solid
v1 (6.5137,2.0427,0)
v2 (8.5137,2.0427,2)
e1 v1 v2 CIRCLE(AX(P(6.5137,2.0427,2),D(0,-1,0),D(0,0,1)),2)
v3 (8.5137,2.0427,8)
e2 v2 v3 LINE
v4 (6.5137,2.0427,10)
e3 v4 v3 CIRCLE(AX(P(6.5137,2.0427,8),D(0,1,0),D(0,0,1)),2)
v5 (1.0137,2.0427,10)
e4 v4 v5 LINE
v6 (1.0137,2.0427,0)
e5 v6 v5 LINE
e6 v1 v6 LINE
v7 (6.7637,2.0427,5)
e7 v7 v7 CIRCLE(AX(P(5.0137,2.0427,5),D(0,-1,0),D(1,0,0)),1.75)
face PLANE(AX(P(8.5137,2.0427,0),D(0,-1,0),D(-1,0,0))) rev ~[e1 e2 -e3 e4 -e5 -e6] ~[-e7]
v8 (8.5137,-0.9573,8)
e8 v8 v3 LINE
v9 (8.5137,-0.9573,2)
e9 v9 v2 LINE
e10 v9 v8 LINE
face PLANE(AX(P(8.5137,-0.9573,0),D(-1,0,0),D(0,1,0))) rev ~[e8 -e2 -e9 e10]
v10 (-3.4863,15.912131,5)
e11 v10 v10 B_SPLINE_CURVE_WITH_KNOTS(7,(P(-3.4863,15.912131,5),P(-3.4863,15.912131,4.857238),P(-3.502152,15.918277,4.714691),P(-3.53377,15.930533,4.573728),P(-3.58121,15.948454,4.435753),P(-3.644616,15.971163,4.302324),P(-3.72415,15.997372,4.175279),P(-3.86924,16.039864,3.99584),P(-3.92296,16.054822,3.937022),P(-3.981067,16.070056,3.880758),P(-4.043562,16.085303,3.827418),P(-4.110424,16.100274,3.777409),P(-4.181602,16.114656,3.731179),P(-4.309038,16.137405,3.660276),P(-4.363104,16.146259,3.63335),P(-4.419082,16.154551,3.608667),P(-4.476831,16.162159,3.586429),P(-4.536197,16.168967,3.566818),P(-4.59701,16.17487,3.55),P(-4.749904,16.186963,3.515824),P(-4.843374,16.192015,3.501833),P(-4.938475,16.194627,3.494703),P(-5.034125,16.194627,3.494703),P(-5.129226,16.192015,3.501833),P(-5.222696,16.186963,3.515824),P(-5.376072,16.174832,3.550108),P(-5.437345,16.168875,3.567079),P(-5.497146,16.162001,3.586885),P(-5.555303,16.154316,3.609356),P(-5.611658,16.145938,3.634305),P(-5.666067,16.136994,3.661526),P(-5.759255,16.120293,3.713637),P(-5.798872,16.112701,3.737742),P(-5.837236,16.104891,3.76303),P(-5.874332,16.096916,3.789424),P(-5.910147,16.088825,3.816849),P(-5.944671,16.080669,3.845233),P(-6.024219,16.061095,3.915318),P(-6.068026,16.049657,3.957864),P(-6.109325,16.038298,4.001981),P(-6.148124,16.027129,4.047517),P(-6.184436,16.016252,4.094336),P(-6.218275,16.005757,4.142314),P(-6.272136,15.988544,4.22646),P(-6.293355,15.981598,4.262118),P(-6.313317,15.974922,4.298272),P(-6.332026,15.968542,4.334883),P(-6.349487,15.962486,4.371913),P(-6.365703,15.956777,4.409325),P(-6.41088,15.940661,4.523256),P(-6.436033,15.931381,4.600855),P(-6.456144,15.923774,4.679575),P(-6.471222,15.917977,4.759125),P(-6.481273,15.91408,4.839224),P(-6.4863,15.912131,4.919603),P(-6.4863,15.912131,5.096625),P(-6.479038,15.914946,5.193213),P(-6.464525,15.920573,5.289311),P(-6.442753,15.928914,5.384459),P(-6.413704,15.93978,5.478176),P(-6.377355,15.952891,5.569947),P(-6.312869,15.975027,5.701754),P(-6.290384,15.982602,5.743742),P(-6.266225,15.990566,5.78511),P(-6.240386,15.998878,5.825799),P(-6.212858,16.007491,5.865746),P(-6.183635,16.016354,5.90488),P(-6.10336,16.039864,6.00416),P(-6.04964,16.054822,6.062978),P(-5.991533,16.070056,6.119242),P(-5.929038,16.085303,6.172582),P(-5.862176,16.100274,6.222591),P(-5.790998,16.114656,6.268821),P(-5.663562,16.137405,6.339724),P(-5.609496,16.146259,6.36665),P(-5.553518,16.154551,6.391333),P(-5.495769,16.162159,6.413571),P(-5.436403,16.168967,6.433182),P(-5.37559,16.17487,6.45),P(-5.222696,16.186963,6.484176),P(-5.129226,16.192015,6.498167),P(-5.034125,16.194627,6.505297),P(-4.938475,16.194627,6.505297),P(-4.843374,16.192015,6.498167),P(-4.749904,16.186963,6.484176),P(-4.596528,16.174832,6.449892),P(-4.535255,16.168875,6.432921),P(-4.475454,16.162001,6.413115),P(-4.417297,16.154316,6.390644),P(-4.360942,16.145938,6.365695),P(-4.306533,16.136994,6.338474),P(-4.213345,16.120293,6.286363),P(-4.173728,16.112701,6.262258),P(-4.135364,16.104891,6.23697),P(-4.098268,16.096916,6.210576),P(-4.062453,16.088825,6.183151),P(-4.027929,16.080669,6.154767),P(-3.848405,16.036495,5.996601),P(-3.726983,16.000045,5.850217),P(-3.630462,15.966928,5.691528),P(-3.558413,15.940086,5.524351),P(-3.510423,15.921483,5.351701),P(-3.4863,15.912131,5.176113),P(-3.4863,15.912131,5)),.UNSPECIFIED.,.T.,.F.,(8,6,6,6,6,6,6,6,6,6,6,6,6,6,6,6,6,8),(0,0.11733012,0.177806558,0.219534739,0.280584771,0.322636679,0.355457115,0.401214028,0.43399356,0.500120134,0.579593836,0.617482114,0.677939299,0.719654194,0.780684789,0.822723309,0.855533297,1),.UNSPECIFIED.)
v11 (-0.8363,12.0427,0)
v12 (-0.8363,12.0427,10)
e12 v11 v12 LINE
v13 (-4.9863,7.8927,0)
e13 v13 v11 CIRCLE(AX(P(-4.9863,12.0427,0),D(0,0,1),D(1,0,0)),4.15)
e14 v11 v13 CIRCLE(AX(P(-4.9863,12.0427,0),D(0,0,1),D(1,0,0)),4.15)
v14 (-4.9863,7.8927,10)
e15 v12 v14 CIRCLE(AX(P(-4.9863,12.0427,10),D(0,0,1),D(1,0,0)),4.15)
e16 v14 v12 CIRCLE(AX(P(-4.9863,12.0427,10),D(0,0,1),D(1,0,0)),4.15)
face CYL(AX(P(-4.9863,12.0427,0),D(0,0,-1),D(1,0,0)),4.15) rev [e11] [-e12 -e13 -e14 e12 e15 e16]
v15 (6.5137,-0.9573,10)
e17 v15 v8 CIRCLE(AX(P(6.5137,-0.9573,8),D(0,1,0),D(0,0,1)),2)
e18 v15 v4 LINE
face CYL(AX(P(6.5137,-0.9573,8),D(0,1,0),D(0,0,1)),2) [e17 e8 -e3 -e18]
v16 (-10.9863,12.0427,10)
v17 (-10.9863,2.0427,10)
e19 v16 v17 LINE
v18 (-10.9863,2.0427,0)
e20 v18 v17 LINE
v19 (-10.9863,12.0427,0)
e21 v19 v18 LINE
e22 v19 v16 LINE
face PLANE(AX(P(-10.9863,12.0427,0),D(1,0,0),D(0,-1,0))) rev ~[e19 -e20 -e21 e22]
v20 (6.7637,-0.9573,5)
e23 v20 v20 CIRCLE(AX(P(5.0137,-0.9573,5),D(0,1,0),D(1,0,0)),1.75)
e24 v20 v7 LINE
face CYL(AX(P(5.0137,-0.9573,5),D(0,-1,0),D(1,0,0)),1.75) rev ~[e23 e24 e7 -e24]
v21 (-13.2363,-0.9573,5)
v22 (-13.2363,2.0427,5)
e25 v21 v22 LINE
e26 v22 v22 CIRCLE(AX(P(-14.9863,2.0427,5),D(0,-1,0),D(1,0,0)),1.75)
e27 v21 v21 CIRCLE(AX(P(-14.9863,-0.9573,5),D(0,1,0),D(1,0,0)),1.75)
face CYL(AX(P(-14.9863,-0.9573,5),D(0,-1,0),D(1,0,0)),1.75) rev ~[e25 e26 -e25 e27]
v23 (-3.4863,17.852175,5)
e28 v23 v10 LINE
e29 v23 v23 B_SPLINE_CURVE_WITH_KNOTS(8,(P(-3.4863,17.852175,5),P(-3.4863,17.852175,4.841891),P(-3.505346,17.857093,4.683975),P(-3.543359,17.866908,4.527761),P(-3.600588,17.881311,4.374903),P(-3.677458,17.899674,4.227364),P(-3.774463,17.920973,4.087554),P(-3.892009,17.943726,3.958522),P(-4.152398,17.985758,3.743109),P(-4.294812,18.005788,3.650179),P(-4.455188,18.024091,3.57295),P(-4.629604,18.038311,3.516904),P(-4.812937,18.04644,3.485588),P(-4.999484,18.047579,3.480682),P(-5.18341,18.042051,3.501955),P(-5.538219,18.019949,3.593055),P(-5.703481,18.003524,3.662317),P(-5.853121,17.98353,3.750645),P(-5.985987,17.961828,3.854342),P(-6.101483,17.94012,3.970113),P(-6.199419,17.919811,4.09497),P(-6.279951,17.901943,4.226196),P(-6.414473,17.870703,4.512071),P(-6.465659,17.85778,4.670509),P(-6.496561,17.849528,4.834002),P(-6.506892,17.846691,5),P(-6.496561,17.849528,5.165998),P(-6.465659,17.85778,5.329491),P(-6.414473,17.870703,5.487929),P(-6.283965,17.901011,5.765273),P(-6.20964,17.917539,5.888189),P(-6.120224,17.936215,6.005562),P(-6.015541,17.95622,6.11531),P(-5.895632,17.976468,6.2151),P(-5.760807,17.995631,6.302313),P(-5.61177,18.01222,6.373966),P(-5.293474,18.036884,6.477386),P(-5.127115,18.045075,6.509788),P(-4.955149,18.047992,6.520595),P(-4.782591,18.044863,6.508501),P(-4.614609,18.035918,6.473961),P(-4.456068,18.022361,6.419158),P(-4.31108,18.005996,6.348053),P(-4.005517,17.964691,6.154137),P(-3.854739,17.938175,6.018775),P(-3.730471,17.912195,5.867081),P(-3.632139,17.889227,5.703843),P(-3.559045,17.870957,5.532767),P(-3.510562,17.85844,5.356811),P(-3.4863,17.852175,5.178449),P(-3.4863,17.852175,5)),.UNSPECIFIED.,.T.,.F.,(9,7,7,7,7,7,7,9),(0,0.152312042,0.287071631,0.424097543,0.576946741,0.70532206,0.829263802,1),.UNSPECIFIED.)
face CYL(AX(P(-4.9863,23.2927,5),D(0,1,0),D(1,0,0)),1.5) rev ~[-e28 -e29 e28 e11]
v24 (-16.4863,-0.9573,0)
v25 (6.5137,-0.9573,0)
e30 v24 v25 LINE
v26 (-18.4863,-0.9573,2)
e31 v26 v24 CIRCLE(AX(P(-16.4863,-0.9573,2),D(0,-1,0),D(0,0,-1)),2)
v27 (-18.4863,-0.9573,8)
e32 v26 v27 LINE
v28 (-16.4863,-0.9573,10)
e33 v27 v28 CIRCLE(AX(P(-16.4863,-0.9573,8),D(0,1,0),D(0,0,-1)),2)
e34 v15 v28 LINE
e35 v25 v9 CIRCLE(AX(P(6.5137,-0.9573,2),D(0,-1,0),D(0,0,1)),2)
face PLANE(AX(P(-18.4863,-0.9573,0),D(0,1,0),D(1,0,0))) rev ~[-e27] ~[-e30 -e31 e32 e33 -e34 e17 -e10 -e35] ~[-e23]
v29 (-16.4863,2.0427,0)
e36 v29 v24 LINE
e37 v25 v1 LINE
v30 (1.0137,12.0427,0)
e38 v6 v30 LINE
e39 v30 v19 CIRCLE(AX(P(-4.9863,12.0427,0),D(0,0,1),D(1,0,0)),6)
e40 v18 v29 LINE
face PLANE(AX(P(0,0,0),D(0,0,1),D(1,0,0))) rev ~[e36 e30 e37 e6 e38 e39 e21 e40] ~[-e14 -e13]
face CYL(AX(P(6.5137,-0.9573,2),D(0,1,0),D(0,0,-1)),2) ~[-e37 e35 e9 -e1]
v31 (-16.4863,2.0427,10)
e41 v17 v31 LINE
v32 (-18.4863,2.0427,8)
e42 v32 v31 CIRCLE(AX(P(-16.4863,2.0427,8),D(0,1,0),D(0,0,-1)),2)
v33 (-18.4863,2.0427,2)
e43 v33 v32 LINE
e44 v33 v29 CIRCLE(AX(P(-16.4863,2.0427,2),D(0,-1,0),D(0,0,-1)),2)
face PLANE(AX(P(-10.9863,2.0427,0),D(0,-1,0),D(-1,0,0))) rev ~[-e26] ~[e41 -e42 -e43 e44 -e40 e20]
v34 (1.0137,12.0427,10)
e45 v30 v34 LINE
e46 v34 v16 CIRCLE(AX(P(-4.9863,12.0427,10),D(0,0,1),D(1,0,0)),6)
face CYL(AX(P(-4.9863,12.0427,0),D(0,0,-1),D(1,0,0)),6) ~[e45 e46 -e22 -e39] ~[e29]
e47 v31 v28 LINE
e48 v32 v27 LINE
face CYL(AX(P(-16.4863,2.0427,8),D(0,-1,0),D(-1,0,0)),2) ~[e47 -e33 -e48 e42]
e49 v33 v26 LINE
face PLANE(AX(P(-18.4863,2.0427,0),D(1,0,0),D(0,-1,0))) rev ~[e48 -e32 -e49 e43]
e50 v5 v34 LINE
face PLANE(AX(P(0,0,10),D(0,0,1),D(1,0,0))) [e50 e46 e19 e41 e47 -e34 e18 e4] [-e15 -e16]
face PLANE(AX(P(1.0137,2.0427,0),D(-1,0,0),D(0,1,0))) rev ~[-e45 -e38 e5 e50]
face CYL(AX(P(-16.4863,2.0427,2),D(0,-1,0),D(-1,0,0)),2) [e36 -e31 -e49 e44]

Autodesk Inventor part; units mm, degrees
ref_plane "YZ Plane" through (0, 0, 0) normal (1, 0, 0) x (0, 1, 0)
ref_plane "XZ Plane" through (0, 0, 0) normal (0, 1, 0) x (-1, 0, 0)
sketch "Sketch1" plane through (0, 0, 0) normal (0, 0, 1) x (1, 0, 0)
  line L0 (-18.4863, -0.9573) -> (8.5137, -0.9573)
  line L1 (8.5137, -0.9573) -> (8.5137, 2.0427)
  line L2 (8.5137, 2.0427) -> (-18.4863, 2.0427)
  line L3 (-18.4863, 2.0427) -> (-18.4863, -0.9573)
  circle A0 centre (-4.9863, 12.0427) radius 4.15
  line L4 (-4.9863, 2.0427) -> (-4.9863, 12.0427)
  line L5 (-4.9863, 12.0427) -> (-4.9863, 2.0427) construction
  line L6 (-10.9863, 12.0427) -> (-10.9863, 2.0427)
  line L7 (1.0137, 2.0427) -> (1.0137, 12.0427)
  arc A1 (1.0137, 12.0427) -> (-10.9863, 12.0427) centre (-4.9863, 12.0427) ccw
  arc A2 (-10.9863, 2.0427) -> (1.0137, 2.0427) centre (-4.9863, 2.0427) ccw
  point P0 (0, 0)
  point P1 (-4.9863, 7.0427)
  point P2 (-10.9863, 2.0427)
  dimension "d0" = 3
  dimension "d1" = 27
  dimension "d2" = 8.3
  dimension "d3" = 6
  dimension "d4" = 10
extrude "Extrusion1" add sketch "Sketch1" along normal blind 10 contours L3 L2 A2 L0 | A2 L2 L0 | A2 L2 L1 L0 | L6 A1 L7 L2
sketch "Sketch2" plane through (-18.4863, -0.9573, 0) normal (0, -1, 0) x (1, 0, 0)
  line L0 (0, 0) -> (0, 10) projected
  line L1 (0, 5) -> (27, 5)
  line L2 (27, 0) -> (27, 10) projected
  circle A0 centre (3.5, 5) radius 1.75
  line L3 (19.5, 0) -> (7.5, 0) projected
  line L4 (13.5, 0) -> (13.5, -6.2833)
  circle A1 centre (23.5, 5) radius 1.75
  point P0 (18.4863, 0)
  dimension "d7" = 3.5
  dimension "d8" = 20
extrude "Extrusion2" cut sketch "Sketch2" against normal up to surface (3 mm away)
fillet "Fillet1" radius 2 4 edges at (-18.4863, 0.5427, 0) (-18.4863, 0.5427, 10) (8.5137, 0.5427, 0) (8.5137, 0.5427, 10)
ref_plane "Work Plane1" through (1.0137, 23.2927, 10) normal (0, 1, 0) x (1, 0, 0)
sketch "Sketch3" plane through (1.0137, 23.2927, 10) normal (0, 1, 0) x (1, 0, 0)
  line L0 (0, 10) -> (-12, 10) projected
  line L1 (-12, 10) -> (-12, 0) projected
  line L2 (0, 0) -> (-12, 0) projected
  line L3 (0, 10) -> (0, 0) projected
  line L4 (-6, 10) -> (-6, 0)
  circle A0 centre (-6, 5) radius 1.5
  point P0 (-1.0137, 10)
  dimension "d13" = 3
extrude "Extrusion3" cut sketch "Sketch3" against normal blind 10 contours A0 L4 | L4 A0
properties part number "Rod Holder_3DPrint"
